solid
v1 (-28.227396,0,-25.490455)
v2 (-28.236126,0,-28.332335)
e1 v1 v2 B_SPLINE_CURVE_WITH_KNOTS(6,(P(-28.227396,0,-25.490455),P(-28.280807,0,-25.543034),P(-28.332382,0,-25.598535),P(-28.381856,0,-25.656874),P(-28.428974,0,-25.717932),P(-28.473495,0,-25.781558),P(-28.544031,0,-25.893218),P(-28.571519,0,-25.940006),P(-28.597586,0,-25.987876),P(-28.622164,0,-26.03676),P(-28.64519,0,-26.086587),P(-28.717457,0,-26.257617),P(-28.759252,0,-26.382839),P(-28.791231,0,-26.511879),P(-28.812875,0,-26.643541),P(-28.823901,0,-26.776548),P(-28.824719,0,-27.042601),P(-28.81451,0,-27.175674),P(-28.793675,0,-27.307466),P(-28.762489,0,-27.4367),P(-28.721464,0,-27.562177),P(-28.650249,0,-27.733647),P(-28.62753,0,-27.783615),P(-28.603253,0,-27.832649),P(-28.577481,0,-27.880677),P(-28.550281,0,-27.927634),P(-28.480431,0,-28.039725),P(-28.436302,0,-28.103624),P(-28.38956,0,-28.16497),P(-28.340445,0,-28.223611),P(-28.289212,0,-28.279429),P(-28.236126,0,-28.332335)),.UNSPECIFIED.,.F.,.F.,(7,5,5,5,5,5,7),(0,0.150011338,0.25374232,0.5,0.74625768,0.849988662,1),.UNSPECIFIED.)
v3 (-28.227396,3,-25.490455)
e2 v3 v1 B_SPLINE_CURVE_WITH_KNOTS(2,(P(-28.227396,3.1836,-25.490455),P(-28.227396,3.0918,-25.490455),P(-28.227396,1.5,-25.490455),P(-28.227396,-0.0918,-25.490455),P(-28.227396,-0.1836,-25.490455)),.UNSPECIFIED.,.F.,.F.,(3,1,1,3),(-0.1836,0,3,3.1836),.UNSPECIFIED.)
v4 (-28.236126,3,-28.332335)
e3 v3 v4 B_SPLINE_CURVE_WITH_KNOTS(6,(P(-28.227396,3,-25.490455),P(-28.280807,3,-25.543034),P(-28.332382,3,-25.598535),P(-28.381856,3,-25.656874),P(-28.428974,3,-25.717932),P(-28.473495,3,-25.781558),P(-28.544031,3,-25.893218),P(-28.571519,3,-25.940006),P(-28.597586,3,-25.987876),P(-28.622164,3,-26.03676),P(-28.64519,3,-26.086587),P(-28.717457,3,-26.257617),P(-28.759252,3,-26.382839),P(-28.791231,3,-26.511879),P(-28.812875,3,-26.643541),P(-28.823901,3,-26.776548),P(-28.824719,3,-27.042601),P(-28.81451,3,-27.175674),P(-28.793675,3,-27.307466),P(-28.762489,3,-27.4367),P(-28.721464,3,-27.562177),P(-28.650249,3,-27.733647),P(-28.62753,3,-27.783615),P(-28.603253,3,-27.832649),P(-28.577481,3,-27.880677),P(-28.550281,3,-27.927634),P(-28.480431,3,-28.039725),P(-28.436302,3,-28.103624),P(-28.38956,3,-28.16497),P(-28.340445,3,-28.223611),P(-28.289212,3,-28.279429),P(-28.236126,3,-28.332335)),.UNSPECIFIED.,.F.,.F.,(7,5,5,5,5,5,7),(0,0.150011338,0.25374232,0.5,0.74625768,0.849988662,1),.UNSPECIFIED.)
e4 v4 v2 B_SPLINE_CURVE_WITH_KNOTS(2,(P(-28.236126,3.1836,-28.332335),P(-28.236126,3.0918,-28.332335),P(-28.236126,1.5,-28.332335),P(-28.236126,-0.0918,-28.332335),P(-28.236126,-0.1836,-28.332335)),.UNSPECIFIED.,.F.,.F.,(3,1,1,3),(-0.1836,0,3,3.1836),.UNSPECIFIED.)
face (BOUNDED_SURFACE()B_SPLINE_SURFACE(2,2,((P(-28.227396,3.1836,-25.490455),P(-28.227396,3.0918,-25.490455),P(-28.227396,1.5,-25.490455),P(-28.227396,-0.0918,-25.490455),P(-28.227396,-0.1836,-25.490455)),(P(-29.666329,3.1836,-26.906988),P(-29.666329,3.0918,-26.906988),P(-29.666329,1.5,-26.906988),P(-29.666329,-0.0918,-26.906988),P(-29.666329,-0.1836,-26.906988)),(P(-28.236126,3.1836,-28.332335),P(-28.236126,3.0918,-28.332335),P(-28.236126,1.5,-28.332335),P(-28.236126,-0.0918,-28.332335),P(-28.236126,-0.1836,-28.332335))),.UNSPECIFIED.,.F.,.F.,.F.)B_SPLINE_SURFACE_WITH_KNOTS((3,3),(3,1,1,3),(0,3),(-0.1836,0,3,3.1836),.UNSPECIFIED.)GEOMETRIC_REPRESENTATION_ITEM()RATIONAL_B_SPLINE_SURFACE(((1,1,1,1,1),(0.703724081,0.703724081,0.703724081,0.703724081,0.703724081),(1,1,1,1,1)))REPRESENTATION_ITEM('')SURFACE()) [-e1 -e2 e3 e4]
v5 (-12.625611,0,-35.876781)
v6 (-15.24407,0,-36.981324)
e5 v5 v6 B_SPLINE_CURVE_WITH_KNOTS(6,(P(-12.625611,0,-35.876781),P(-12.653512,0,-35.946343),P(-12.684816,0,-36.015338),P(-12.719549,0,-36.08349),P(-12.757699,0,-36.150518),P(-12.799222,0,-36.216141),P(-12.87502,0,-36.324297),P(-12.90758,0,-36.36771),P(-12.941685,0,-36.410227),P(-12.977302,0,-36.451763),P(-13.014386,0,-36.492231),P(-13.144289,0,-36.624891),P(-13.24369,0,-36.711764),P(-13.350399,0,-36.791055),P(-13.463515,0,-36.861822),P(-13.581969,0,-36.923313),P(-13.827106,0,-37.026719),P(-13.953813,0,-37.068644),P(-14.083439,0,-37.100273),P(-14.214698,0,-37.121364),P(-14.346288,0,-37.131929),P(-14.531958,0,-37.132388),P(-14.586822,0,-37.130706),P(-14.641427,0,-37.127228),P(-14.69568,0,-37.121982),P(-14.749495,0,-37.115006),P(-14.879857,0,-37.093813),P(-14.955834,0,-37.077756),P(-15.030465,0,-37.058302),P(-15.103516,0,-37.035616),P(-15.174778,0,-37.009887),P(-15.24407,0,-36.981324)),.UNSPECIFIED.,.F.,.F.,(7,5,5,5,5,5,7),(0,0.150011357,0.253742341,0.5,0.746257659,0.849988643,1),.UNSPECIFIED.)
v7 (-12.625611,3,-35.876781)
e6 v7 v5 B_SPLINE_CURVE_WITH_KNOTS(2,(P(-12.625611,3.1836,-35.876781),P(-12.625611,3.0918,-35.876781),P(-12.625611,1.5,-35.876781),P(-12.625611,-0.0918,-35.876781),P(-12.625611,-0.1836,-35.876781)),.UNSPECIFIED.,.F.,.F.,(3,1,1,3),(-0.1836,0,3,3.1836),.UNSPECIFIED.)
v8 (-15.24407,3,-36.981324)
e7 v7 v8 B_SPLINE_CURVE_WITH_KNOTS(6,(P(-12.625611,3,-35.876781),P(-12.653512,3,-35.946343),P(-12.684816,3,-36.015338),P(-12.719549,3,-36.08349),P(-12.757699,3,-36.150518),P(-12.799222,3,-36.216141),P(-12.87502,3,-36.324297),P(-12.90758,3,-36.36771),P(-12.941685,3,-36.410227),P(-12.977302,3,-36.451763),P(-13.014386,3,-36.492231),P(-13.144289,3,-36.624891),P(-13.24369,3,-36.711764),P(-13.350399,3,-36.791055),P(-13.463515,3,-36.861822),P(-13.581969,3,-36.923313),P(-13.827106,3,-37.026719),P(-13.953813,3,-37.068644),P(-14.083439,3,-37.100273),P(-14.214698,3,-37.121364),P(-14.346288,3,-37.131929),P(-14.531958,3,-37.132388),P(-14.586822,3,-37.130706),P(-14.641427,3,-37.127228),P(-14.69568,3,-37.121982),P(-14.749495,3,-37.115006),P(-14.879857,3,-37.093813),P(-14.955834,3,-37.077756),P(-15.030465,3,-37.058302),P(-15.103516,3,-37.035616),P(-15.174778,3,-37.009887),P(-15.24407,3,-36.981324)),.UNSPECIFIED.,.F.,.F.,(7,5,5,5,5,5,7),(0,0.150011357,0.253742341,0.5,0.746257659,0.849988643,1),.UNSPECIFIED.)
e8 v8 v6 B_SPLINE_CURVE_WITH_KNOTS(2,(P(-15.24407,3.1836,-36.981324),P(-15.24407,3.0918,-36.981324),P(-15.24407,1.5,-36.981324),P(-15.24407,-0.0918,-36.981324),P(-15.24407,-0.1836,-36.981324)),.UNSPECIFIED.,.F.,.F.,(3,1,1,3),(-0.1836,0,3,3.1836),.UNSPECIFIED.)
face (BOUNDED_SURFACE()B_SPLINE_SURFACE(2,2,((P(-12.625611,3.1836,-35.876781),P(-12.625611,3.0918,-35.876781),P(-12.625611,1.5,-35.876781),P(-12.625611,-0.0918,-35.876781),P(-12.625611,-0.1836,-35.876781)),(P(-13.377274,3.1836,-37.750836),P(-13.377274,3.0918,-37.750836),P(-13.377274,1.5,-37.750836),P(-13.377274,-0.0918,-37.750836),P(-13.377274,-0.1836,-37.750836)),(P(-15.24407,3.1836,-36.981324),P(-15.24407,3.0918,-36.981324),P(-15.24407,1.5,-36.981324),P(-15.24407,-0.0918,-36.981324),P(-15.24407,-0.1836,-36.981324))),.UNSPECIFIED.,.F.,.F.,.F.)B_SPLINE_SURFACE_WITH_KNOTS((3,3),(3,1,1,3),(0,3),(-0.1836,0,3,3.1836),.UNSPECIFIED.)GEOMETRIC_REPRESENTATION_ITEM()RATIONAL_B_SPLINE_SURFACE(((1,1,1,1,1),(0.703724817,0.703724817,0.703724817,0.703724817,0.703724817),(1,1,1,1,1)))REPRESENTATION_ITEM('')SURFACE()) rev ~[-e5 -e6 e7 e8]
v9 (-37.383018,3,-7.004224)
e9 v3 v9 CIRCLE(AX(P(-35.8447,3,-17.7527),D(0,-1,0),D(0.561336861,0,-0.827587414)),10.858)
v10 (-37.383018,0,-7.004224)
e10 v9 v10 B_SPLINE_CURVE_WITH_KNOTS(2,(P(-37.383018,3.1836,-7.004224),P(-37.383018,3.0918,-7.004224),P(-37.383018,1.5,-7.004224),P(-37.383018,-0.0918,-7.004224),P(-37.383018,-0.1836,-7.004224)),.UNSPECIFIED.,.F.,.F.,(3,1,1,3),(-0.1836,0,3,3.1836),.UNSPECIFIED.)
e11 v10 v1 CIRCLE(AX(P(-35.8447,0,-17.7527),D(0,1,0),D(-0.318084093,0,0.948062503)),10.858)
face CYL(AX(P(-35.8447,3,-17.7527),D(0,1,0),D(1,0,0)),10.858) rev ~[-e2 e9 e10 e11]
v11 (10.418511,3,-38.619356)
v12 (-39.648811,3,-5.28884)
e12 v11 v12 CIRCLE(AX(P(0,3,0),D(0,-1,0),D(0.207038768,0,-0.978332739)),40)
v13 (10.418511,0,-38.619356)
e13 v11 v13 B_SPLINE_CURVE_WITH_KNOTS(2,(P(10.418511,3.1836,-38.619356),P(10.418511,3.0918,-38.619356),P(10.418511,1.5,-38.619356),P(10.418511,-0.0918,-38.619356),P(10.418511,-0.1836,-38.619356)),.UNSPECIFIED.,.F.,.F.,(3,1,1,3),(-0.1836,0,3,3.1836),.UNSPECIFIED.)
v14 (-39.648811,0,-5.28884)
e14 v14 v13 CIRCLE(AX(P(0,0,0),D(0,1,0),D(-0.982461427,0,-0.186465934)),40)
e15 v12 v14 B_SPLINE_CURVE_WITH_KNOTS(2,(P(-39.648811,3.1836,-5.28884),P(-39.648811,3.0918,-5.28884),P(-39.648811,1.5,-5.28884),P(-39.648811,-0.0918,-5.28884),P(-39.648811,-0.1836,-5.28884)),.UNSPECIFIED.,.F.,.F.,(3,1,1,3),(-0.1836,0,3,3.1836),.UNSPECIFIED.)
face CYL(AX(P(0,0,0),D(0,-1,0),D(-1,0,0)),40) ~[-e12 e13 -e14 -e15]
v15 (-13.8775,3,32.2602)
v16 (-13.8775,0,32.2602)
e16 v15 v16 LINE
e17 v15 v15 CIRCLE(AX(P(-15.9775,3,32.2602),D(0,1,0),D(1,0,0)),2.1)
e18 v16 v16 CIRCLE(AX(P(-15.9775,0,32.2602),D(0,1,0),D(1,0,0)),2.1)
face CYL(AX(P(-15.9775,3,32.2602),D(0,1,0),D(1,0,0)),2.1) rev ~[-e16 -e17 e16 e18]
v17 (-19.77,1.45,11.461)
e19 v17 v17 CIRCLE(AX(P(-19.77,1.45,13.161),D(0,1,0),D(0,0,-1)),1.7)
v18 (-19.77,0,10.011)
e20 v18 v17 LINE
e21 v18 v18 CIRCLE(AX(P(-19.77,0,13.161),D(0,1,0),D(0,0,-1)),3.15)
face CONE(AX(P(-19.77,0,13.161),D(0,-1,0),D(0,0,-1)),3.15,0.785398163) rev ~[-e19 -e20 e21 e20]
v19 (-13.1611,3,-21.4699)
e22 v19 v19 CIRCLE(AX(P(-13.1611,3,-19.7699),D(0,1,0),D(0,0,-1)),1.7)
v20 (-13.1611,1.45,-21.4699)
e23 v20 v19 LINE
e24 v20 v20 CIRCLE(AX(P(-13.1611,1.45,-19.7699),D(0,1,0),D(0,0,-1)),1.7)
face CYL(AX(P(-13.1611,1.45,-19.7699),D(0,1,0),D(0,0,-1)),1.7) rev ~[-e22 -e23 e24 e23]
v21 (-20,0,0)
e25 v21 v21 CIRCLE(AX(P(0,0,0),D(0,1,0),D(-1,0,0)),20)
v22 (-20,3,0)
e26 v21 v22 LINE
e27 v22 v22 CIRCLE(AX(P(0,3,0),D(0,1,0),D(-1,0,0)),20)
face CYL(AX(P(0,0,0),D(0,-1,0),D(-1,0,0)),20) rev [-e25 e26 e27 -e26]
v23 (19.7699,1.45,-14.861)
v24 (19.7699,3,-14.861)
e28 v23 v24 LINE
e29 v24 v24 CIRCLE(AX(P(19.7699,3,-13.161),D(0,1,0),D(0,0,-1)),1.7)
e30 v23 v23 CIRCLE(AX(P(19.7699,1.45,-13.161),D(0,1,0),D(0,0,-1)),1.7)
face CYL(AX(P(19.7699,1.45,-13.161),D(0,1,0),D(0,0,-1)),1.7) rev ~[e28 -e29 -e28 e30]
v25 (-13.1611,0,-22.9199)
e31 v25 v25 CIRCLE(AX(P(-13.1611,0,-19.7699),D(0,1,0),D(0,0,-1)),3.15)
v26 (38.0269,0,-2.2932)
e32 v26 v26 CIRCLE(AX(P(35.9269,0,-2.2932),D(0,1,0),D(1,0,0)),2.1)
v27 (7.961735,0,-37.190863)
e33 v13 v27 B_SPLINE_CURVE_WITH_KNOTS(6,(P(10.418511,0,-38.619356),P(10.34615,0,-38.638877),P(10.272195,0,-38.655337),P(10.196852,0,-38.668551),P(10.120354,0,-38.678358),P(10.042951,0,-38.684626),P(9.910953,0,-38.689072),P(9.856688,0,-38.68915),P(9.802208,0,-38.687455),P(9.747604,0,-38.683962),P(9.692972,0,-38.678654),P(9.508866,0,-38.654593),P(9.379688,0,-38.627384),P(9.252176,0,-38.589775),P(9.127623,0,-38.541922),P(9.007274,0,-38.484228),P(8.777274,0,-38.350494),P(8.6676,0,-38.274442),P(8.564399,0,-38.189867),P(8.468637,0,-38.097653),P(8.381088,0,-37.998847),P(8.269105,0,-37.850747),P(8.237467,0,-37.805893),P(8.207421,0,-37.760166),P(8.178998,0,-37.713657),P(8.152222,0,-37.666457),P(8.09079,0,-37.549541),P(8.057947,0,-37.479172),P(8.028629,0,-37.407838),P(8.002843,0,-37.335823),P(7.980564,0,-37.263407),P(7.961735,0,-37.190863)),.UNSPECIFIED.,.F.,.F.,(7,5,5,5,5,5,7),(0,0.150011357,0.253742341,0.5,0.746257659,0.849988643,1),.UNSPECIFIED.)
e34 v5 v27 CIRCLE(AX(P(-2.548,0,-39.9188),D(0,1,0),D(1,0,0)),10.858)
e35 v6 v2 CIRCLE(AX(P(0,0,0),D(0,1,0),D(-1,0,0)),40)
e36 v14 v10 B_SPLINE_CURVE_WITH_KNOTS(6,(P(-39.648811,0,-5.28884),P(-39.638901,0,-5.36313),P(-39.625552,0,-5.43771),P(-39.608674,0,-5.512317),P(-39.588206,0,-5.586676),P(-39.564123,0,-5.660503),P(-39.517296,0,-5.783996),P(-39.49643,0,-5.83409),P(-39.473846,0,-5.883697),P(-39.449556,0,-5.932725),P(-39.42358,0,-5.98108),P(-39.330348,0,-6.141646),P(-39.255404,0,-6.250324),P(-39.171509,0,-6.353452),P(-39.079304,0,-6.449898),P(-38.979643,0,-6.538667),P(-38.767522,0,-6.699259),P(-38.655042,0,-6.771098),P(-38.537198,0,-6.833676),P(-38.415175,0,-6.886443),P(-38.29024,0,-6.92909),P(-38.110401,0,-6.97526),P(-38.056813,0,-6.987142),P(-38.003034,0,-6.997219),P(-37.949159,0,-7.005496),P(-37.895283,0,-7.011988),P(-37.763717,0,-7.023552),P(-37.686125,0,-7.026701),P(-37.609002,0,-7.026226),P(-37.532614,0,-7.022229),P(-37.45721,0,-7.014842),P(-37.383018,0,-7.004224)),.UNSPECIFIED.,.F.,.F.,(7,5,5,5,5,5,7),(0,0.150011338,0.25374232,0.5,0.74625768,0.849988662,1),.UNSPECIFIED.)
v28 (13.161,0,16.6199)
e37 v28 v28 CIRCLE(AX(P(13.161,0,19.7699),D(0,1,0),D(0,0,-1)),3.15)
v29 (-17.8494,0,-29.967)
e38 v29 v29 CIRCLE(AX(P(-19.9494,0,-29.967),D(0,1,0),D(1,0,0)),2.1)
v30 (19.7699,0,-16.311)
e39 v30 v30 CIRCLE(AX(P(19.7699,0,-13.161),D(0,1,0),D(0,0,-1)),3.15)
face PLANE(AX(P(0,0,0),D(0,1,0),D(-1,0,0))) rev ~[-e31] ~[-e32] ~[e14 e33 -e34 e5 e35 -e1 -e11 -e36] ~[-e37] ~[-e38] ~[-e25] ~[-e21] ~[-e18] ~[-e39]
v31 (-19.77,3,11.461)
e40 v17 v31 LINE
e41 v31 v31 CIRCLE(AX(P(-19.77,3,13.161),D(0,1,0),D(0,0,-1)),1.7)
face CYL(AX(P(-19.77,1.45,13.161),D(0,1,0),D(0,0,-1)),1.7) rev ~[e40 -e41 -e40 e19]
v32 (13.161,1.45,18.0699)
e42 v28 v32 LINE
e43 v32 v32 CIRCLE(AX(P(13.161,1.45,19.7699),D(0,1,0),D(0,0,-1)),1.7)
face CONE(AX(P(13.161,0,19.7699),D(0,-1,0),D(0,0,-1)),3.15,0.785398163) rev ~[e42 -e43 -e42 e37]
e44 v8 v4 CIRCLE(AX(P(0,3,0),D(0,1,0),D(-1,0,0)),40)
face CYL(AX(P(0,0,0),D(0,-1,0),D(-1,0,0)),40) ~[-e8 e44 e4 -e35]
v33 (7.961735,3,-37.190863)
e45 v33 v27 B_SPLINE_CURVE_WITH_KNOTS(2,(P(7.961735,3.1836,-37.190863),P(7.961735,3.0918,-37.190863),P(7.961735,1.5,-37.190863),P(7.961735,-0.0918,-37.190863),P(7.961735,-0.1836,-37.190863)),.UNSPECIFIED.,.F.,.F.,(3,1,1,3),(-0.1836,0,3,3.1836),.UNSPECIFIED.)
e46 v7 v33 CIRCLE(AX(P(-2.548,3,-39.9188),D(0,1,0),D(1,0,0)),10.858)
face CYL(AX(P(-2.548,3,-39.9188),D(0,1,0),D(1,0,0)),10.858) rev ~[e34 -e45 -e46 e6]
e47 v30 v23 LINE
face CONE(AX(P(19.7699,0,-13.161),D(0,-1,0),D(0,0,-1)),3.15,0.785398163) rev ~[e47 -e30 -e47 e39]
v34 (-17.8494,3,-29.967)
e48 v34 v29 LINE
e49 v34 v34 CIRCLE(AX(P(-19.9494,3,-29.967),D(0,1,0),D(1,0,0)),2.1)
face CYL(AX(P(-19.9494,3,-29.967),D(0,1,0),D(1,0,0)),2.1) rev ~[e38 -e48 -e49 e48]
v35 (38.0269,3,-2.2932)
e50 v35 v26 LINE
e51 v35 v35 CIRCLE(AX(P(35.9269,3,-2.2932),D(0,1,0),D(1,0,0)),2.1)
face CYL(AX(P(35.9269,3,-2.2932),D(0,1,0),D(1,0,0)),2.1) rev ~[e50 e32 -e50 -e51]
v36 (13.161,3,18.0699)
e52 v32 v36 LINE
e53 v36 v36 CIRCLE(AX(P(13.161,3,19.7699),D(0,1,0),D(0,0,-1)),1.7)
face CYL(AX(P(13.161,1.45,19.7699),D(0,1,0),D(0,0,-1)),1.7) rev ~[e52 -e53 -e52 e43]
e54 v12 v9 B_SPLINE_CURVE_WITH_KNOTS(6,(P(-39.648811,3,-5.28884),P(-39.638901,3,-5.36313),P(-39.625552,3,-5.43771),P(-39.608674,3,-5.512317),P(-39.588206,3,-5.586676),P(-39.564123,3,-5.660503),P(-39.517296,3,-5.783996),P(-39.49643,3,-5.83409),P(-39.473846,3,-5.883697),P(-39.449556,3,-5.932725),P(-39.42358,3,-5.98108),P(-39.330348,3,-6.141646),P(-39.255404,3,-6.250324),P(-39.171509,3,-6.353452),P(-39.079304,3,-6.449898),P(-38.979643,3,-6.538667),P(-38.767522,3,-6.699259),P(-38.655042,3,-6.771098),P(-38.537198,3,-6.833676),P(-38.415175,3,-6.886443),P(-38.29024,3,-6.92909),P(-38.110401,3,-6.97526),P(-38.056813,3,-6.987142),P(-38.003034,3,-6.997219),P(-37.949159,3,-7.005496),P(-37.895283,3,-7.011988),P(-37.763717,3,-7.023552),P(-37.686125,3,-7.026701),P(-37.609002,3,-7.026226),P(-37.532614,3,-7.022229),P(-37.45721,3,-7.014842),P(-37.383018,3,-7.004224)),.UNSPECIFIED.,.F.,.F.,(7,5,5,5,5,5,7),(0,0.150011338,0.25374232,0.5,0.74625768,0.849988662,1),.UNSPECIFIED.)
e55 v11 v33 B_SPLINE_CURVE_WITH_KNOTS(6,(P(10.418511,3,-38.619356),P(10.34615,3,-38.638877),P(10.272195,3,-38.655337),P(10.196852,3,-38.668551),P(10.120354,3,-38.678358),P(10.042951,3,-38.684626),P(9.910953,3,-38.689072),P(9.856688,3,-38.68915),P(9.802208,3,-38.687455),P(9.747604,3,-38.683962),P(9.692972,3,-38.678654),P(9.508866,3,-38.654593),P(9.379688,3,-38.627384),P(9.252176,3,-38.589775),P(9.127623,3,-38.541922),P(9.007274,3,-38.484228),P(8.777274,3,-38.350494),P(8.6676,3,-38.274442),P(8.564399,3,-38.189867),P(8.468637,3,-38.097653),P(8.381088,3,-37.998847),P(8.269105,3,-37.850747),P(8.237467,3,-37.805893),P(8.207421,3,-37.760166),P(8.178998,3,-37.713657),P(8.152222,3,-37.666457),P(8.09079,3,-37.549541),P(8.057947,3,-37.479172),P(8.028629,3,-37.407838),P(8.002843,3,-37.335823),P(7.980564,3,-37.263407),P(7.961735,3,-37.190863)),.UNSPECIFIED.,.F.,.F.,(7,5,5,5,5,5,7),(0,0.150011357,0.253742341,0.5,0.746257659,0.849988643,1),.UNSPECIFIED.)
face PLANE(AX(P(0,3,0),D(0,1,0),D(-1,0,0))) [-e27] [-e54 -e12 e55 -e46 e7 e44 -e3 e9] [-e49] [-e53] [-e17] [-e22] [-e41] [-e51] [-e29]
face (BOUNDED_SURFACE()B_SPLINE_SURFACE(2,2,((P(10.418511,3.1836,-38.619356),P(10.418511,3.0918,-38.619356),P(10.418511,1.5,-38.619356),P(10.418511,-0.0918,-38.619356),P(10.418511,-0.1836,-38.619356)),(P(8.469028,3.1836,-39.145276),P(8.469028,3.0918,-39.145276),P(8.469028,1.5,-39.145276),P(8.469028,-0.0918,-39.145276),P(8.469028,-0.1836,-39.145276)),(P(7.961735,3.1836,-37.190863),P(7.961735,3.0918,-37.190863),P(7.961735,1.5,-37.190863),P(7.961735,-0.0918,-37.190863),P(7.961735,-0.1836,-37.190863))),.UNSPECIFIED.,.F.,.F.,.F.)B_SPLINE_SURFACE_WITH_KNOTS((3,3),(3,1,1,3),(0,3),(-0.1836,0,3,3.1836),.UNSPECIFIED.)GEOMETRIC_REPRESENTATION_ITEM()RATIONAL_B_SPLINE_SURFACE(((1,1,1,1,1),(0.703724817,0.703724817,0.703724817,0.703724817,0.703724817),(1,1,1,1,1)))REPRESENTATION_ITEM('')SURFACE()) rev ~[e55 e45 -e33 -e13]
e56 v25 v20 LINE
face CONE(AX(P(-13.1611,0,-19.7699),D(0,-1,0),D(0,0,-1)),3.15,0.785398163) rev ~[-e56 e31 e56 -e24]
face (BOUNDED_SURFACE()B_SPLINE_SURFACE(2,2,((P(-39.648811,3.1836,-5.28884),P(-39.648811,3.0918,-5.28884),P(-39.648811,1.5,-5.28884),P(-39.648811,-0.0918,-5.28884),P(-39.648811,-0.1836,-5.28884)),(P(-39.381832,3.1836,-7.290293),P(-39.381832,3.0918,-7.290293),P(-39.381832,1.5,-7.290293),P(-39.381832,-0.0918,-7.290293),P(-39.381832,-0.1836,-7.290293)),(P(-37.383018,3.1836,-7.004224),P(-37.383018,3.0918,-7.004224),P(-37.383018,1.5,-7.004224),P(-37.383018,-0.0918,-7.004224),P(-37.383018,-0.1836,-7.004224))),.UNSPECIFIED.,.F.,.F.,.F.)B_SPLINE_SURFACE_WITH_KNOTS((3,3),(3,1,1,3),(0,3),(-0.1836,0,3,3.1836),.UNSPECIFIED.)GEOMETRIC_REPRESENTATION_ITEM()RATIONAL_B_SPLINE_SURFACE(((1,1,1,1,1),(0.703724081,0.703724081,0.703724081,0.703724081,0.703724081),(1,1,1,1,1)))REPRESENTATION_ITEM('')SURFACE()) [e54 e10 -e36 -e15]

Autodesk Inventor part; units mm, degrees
ref_plane "YZ Plane" through (0, 0, 0) normal (1, 0, 0) x (0, 1, 0)
ref_plane "XZ Plane" through (0, 0, 0) normal (0, 1, 0) x (-1, 0, 0)
ref_plane "XY Plane" through (0, 0, 0) normal (0, 0, 1) x (1, 0, 0)
sketch "スケッチ1" plane through (0, 0, 0) normal (0, 1, 0) x (-1, 0, 0)
  circle A0 centre (0, 0) radius 20
  circle A1 centre (0, 0) radius 40
  dimension "d0" = 40
  dimension "OD" = 80
extrude "押し出し1" add sketch "スケッチ1" along normal blind 3
sketch "スケッチ8" plane through (0, 0, 0) normal (0, -1, 0) x (1, 0, 0)
  circle A0 centre (-0.0001, 0) radius 23.75
  circle A1 centre (-27.2635, 37.05) radius 3.15 projected
  circle A2 centre (-38.2912, 25.4909) radius 3.15 projected
  circle A3 centre (25.4909, 38.2912) radius 5.525 projected
  circle A4 centre (41.2214, 20.4157) radius 5.525 projected
  circle A5 centre (38.2912, -25.4909) radius 4.65 projected
  circle A6 centre (-35.8447, -17.7527) radius 4.65 projected
  circle A7 centre (-2.548, -39.9188) radius 4.65 projected
  arc A8 (-4.7957, -75.1327) -> (4.7957, 75.1327) centre (0, 0) ccw projected
  arc A9 (4.7957, 75.1327) -> (-4.7957, -75.1327) centre (0, 0) ccw projected
  circle A10 centre (-16.7482, -62.9346) radius 4.2164 projected
  circle A11 centre (-39.5574, -51.7347) radius 4.2164 projected
  circle A12 centre (-56.3443, -32.6587) radius 4.2164 projected
  circle A13 centre (-64.5532, -8.6107) radius 4.2164 projected
  circle A14 centre (-62.9346, 16.7482) radius 4.2164 projected
  circle A15 centre (-51.7347, 39.5574) radius 4.2164 projected
  circle A16 centre (-32.6587, 56.3443) radius 4.2164 projected
  circle A17 centre (-8.6107, 64.5532) radius 4.2164 projected
  circle A18 centre (16.7482, 62.9346) radius 4.2164 projected
  circle A19 centre (39.5574, 51.7347) radius 4.2164 projected
  circle A20 centre (56.3443, 32.6587) radius 4.2164 projected
  circle A21 centre (64.5532, 8.6107) radius 4.2164 projected
  circle A22 centre (62.9346, -16.7482) radius 4.2164 projected
  circle A23 centre (51.7347, -39.5574) radius 4.2164 projected
  circle A24 centre (32.6587, -56.3443) radius 4.2164 projected
  circle A25 centre (8.6107, -64.5532) radius 4.2164 projected
  circle A26 centre (-29.3091, 1.8708) radius 2.7051 projected
  circle A27 centre (-16.2747, -24.447) radius 2.7051 projected
  circle A28 centre (13.0344, -26.3178) radius 2.7051 projected
  circle A29 centre (29.3091, -1.8708) radius 2.7051 projected
  circle A30 centre (16.2747, 24.447) radius 2.7051 projected
  circle A31 centre (-13.0344, 26.3178) radius 2.7051 projected
  ellipse E0 centre (0.0001, 0) end of major axis (24.6134, -1.5711) minor radius 24.6634 (1.5711, 24.6133) -> (-1.5711, -24.6133) ccw projected
  ellipse E1 centre (-0.0001, 0) end of major axis (24.6133, -1.5711) minor radius 24.6634 (-1.5711, -24.6133) -> (1.5711, 24.6133) ccw projected
  line L0 (-16.2747, -24.447) -> (-0.0001, 0) construction
  line L1 (19.7699, -13.161) -> (-19.77, 13.161) construction
  point P0 (13.161, 19.7699)
  point P1 (-13.1611, -19.7699)
  dimension "d88" = 47.5
hole "穴3" at (-19.77, 0, 13.161) at (13.161, 0, 19.7699) at (19.7699, 0, -13.161) at (-13.1611, 0, -19.7699) direction (0, 1, 0) diameter 3.4 depth 3 countersink diameter 6.3 countersink angle 90
sketch "Sketch11" plane through (0, 3, 0) normal (0, 1, 0) x (1, 0, 0)
  circle A0 centre (-2.548, 39.9188) radius 6.6 projected
  circle A1 centre (-35.8447, 17.7527) radius 6.858 projected
  circle A2 centre (-35.8447, 17.7527) radius 10.858
  circle A3 centre (-2.548, 39.9188) radius 10.858
  point P0 (0, 0)
  dimension "d71" = 4
extrude "Extrusion5" cut sketch "Sketch11" against normal through all contours A0 | A1 | A2 | A3
sketch "Sketch13" plane through (0, 3, 0) normal (0, 1, 0) x (1, 0, 0)
  circle A0 centre (-19.9494, 29.967) radius 2.1
  circle A1 centre (35.9269, 2.2932) radius 2.1
  circle A2 centre (-15.9775, -32.2602) radius 2.1
  circle A3 centre (0, 0) radius 36 construction
  arc A4 (-13.1898, 37.7628) -> (8.2815, 39.1333) centre (-2.548, 39.9188) ccw projected
  arc A5 (-39.2984, 7.4587) -> (-29.7497, 26.7387) centre (-35.8447, 17.7527) ccw projected
  line L0 (-2.548, 39.9188) -> (-35.8447, 17.7527) construction
  line L1 (-19.1963, 28.8358) -> (0, 0) construction
  line L2 (0, 0) -> (35.9269, 2.2932) construction
  line L3 (0, 0) -> (-15.9775, -32.2602) construction
  dimension "d83" = 72
  dimension "d84" = 4.2
  dimension "d85" = 120
  dimension "d86" = 120
extrude "Extrusion7" cut sketch "Sketch13" against normal through all
fillet "Fillet2" radius 2 4 edges at (-39.2984, 1.5, -7.4587) (-29.7497, 1.5, -26.7387) (8.2815, 1.5, -39.1333) (-13.1898, 1.5, -37.7628)
properties part number "cathode_jig"
